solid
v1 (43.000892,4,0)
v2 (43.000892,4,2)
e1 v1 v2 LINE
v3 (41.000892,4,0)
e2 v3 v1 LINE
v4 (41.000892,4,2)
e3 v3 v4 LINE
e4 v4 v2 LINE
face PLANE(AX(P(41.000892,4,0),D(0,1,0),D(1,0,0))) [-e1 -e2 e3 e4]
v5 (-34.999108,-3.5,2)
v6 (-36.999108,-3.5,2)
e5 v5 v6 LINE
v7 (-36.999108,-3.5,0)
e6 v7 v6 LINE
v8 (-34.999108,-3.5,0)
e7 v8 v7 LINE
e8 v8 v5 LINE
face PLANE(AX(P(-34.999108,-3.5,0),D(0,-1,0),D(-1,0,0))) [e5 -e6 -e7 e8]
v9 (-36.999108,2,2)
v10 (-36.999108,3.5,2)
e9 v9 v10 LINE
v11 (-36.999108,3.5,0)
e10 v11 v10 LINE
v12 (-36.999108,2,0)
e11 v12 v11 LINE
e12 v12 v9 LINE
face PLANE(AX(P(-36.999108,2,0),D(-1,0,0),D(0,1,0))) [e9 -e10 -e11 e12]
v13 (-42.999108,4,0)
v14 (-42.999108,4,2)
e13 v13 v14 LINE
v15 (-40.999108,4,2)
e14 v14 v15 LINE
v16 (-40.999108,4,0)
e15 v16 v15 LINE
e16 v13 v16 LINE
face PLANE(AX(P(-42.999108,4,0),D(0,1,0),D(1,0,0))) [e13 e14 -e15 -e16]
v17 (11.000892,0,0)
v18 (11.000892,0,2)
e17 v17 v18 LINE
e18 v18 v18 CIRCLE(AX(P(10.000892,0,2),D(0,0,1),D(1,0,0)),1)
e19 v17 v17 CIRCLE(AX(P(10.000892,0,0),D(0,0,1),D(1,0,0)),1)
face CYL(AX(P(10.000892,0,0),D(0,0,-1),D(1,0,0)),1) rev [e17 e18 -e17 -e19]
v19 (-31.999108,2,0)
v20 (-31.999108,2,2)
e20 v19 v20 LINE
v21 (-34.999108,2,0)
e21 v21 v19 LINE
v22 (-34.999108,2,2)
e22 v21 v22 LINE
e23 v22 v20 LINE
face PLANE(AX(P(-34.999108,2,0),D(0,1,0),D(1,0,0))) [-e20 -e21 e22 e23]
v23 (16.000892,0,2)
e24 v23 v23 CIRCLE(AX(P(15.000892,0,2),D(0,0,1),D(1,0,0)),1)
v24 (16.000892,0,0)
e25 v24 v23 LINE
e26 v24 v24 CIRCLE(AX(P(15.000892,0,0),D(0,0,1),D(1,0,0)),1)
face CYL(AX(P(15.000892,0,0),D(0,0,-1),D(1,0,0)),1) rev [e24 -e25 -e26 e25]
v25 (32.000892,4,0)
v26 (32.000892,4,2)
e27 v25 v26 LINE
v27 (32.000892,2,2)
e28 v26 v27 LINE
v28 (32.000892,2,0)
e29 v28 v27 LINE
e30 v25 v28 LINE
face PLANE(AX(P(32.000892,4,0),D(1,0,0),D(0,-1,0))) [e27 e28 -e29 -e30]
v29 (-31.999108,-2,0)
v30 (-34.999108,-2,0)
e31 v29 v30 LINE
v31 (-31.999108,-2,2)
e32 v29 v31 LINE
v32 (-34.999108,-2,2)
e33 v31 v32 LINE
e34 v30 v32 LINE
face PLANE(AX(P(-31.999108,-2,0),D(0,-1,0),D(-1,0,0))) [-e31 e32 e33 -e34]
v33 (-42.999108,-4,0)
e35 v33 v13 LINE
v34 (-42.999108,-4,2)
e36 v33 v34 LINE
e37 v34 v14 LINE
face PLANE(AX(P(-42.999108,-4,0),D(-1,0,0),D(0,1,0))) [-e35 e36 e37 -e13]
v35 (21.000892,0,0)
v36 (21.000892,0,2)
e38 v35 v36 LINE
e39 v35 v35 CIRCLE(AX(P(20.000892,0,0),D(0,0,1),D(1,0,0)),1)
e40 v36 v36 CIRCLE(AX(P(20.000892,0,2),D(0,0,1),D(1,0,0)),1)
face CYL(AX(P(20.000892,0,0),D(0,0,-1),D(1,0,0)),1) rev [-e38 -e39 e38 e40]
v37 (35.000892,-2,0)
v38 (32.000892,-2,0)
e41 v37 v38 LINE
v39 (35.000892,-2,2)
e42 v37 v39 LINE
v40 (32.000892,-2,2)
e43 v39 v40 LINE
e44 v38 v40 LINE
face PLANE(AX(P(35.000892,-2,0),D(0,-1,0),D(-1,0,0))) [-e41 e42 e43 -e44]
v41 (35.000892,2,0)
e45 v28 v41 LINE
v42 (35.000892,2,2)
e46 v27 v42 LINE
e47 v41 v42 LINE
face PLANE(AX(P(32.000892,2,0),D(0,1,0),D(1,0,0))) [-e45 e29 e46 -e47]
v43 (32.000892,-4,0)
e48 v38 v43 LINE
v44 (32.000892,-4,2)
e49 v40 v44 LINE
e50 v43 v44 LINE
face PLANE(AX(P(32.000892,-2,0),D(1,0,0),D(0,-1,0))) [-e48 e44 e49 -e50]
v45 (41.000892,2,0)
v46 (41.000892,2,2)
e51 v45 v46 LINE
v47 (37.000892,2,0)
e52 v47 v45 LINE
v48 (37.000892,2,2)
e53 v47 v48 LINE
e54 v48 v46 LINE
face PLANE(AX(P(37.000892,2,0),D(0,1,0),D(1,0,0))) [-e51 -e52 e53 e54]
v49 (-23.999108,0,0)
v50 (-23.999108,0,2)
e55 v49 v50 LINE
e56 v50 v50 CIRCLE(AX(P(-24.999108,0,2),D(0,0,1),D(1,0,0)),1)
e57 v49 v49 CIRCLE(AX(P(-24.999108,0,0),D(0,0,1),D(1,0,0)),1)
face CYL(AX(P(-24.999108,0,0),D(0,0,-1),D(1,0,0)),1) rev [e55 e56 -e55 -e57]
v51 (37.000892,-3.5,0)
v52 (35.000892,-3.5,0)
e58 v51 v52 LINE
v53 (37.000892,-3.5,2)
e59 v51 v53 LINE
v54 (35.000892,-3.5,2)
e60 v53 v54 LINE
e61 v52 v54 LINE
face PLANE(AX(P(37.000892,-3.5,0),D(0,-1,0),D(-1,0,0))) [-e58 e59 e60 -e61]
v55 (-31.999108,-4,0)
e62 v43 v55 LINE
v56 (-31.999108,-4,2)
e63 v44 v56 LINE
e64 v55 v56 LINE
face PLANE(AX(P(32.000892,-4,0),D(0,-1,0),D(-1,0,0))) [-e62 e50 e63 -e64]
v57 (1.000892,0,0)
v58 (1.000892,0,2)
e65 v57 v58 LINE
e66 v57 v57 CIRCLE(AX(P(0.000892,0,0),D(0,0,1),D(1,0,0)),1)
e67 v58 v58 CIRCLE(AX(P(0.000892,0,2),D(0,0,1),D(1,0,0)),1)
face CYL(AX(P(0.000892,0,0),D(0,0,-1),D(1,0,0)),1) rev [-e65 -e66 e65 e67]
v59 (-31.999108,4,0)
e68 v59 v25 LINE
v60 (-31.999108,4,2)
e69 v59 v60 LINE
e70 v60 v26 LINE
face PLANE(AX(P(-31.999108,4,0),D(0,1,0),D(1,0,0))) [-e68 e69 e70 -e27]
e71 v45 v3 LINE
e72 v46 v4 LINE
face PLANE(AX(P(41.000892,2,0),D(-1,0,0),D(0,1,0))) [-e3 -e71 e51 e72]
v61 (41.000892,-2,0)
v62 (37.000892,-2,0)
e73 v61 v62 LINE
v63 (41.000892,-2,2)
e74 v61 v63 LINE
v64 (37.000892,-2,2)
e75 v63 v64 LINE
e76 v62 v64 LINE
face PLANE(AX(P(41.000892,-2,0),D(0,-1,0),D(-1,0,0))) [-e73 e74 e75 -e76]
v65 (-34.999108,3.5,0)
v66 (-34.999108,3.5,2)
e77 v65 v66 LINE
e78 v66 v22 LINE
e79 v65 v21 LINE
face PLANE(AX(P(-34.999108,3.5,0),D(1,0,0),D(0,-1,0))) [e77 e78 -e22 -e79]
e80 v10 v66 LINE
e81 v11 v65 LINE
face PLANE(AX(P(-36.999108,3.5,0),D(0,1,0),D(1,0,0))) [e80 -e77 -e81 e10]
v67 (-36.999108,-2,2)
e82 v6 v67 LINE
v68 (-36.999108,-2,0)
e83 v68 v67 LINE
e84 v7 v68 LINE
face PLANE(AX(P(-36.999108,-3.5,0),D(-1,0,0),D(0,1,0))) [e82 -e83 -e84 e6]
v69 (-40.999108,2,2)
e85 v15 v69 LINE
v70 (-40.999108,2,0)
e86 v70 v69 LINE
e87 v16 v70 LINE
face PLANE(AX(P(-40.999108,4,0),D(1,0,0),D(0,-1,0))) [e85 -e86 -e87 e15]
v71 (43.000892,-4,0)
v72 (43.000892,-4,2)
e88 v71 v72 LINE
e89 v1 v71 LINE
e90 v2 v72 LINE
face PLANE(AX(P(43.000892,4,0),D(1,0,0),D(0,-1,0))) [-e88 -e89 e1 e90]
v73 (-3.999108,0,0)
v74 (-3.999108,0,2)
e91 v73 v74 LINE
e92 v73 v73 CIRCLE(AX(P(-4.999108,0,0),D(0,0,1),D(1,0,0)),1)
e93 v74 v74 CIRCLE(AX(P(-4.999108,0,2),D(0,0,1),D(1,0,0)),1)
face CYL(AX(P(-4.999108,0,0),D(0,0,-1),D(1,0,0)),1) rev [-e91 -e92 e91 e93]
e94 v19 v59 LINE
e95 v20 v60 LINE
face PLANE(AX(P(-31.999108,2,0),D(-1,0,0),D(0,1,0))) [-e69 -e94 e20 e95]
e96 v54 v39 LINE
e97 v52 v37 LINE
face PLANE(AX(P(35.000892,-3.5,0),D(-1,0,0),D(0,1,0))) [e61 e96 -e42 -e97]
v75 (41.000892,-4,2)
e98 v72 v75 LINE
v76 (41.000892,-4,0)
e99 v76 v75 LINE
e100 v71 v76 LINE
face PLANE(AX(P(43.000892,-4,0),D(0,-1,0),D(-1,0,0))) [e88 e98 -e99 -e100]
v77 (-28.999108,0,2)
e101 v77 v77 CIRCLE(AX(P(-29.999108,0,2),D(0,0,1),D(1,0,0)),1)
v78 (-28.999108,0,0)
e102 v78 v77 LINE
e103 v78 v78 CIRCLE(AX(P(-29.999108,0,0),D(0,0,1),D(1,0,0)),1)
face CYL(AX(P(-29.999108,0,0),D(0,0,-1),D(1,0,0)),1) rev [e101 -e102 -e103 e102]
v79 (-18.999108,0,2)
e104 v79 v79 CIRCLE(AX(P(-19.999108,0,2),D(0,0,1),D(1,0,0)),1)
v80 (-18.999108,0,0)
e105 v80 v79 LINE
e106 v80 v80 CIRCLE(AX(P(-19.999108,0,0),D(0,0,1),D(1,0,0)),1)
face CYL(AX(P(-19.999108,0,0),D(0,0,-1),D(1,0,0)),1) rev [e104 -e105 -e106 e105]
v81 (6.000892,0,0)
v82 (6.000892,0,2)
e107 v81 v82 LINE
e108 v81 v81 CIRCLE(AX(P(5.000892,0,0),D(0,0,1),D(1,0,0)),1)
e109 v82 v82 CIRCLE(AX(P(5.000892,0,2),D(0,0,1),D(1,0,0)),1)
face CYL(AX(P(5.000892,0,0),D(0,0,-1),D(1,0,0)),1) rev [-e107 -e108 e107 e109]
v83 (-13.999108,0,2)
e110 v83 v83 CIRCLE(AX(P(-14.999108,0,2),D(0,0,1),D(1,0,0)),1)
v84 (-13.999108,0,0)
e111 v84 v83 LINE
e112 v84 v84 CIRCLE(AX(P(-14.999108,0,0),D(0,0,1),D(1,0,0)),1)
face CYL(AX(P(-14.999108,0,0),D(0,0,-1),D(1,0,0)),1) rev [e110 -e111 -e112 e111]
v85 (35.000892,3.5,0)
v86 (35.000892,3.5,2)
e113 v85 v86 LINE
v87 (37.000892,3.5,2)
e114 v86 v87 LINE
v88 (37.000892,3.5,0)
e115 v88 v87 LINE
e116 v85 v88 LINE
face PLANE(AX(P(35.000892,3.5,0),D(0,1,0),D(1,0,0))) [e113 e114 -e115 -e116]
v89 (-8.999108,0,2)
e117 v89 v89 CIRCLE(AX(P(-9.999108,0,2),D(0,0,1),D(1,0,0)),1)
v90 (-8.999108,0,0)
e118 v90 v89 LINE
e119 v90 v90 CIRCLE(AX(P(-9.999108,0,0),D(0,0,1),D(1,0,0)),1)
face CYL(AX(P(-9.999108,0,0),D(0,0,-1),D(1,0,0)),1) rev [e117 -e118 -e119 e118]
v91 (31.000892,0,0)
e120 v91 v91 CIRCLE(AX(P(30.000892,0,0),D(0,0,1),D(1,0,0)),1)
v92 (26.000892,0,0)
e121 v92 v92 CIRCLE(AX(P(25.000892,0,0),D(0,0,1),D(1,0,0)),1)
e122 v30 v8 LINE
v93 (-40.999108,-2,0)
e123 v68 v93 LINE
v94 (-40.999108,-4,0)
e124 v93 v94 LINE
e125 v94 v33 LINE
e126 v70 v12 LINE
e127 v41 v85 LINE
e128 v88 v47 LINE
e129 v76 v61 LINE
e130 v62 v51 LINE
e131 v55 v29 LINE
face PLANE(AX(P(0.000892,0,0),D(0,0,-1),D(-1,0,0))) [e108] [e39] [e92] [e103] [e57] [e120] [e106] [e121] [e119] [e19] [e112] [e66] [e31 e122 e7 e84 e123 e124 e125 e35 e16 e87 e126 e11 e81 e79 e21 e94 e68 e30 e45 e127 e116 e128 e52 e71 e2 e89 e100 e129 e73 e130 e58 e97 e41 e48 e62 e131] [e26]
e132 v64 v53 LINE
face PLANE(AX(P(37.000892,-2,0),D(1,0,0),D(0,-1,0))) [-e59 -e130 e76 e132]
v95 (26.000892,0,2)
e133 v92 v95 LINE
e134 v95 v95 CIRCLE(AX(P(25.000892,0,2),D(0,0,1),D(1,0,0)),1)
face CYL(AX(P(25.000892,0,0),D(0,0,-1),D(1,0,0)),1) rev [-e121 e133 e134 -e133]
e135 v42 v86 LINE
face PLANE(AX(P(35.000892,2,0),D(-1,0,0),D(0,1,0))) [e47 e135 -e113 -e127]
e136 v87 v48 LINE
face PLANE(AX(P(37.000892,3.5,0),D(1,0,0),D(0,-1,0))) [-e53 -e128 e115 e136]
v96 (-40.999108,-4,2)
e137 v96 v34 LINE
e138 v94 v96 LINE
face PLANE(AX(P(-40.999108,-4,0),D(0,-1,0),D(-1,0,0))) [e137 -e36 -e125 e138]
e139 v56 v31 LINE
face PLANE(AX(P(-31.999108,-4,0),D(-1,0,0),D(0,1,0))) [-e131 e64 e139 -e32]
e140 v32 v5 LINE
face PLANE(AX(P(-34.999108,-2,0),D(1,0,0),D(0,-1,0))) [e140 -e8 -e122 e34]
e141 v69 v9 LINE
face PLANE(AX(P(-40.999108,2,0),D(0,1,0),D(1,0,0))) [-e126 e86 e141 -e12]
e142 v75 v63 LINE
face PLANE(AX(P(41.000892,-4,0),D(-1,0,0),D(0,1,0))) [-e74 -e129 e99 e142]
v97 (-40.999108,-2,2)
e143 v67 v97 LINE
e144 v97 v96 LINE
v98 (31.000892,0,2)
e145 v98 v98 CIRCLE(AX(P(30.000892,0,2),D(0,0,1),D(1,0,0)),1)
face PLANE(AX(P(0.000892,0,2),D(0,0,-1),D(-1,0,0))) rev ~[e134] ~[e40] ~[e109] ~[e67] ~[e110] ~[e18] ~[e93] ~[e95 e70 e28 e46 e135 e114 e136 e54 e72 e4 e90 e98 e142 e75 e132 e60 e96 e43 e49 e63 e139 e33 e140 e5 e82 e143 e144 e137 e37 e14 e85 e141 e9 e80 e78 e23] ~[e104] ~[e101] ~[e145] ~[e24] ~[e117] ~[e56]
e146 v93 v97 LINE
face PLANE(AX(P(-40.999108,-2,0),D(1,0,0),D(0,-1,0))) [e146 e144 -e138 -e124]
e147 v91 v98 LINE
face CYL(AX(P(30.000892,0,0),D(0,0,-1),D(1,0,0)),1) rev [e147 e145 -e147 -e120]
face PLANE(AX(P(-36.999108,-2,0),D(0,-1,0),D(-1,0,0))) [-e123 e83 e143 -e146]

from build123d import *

# Parameters (mm, degrees)
SKETCH_1_R      = 1.000000004
EXTRUDE_1_DEPTH = 2


with BuildPart() as part:
    # 草图1 → 凸台-拉伸1 (new body)
    with BuildSketch(Plane.XY):
        Polygon((-31.999107626, 4), (32.000892374, 4), (32.000892374, 2), (35.000892374, 2), (35.000892374, 3.5), (37.000892374, 3.5), (37.000892374, 2), (41.000892374, 2), (41.000892374, 4), (43.000892374, 4), (43.000892374, -4), (41.000892374, -4), (41.000892374, -2), (37.000892374, -2), (37.000892374, -3.5), (35.000892374, -3.5), (35.000892374, -2), (32.000892374, -2), (32.000892374, -4), (-31.999107626, -4), (-31.999107626, -2), (-34.999107626, -2), (-34.999107626, -3.5), (-36.999107626, -3.5), (-36.999107626, -2), (-40.999107626, -2), (-40.999107626, -4), (-42.999107626, -4), (-42.999107626, 4), (-40.999107626, 4), (-40.999107626, 2), (-36.999107626, 2), (-36.999107626, 3.5), (-34.999107626, 3.5), (-34.999107626, 2), (-31.999107626, 2), align=None)
        with Locations((0.000892374, 0)):
            Circle(SKETCH_1_R, mode=Mode.SUBTRACT)
        with Locations((5.000892374, 0)):
            Circle(SKETCH_1_R, mode=Mode.SUBTRACT)
        with Locations((10.000892374, 0)):
            Circle(SKETCH_1_R, mode=Mode.SUBTRACT)
        with Locations((15.000892374, 0)):
            Circle(SKETCH_1_R, mode=Mode.SUBTRACT)
        with Locations((20.000892374, 0)):
            Circle(SKETCH_1_R, mode=Mode.SUBTRACT)
        with Locations((25.000892374, 0)):
            Circle(SKETCH_1_R, mode=Mode.SUBTRACT)
        with Locations((30.000892374, 0)):
            Circle(SKETCH_1_R, mode=Mode.SUBTRACT)
        with Locations((-4.999107626, 0)):
            Circle(SKETCH_1_R, mode=Mode.SUBTRACT)
        with Locations((-9.999107626, 0)):
            Circle(SKETCH_1_R, mode=Mode.SUBTRACT)
        with Locations((-14.999107626, 0)):
            Circle(SKETCH_1_R, mode=Mode.SUBTRACT)
        with Locations((-19.999107626, 0)):
            Circle(SKETCH_1_R, mode=Mode.SUBTRACT)
        with Locations((-24.999107626, 0)):
            Circle(SKETCH_1_R, mode=Mode.SUBTRACT)
        with Locations((-29.999107626, 0)):
            Circle(SKETCH_1_R, mode=Mode.SUBTRACT)
    extrude(amount=EXTRUDE_1_DEPTH)


solid = part.part
